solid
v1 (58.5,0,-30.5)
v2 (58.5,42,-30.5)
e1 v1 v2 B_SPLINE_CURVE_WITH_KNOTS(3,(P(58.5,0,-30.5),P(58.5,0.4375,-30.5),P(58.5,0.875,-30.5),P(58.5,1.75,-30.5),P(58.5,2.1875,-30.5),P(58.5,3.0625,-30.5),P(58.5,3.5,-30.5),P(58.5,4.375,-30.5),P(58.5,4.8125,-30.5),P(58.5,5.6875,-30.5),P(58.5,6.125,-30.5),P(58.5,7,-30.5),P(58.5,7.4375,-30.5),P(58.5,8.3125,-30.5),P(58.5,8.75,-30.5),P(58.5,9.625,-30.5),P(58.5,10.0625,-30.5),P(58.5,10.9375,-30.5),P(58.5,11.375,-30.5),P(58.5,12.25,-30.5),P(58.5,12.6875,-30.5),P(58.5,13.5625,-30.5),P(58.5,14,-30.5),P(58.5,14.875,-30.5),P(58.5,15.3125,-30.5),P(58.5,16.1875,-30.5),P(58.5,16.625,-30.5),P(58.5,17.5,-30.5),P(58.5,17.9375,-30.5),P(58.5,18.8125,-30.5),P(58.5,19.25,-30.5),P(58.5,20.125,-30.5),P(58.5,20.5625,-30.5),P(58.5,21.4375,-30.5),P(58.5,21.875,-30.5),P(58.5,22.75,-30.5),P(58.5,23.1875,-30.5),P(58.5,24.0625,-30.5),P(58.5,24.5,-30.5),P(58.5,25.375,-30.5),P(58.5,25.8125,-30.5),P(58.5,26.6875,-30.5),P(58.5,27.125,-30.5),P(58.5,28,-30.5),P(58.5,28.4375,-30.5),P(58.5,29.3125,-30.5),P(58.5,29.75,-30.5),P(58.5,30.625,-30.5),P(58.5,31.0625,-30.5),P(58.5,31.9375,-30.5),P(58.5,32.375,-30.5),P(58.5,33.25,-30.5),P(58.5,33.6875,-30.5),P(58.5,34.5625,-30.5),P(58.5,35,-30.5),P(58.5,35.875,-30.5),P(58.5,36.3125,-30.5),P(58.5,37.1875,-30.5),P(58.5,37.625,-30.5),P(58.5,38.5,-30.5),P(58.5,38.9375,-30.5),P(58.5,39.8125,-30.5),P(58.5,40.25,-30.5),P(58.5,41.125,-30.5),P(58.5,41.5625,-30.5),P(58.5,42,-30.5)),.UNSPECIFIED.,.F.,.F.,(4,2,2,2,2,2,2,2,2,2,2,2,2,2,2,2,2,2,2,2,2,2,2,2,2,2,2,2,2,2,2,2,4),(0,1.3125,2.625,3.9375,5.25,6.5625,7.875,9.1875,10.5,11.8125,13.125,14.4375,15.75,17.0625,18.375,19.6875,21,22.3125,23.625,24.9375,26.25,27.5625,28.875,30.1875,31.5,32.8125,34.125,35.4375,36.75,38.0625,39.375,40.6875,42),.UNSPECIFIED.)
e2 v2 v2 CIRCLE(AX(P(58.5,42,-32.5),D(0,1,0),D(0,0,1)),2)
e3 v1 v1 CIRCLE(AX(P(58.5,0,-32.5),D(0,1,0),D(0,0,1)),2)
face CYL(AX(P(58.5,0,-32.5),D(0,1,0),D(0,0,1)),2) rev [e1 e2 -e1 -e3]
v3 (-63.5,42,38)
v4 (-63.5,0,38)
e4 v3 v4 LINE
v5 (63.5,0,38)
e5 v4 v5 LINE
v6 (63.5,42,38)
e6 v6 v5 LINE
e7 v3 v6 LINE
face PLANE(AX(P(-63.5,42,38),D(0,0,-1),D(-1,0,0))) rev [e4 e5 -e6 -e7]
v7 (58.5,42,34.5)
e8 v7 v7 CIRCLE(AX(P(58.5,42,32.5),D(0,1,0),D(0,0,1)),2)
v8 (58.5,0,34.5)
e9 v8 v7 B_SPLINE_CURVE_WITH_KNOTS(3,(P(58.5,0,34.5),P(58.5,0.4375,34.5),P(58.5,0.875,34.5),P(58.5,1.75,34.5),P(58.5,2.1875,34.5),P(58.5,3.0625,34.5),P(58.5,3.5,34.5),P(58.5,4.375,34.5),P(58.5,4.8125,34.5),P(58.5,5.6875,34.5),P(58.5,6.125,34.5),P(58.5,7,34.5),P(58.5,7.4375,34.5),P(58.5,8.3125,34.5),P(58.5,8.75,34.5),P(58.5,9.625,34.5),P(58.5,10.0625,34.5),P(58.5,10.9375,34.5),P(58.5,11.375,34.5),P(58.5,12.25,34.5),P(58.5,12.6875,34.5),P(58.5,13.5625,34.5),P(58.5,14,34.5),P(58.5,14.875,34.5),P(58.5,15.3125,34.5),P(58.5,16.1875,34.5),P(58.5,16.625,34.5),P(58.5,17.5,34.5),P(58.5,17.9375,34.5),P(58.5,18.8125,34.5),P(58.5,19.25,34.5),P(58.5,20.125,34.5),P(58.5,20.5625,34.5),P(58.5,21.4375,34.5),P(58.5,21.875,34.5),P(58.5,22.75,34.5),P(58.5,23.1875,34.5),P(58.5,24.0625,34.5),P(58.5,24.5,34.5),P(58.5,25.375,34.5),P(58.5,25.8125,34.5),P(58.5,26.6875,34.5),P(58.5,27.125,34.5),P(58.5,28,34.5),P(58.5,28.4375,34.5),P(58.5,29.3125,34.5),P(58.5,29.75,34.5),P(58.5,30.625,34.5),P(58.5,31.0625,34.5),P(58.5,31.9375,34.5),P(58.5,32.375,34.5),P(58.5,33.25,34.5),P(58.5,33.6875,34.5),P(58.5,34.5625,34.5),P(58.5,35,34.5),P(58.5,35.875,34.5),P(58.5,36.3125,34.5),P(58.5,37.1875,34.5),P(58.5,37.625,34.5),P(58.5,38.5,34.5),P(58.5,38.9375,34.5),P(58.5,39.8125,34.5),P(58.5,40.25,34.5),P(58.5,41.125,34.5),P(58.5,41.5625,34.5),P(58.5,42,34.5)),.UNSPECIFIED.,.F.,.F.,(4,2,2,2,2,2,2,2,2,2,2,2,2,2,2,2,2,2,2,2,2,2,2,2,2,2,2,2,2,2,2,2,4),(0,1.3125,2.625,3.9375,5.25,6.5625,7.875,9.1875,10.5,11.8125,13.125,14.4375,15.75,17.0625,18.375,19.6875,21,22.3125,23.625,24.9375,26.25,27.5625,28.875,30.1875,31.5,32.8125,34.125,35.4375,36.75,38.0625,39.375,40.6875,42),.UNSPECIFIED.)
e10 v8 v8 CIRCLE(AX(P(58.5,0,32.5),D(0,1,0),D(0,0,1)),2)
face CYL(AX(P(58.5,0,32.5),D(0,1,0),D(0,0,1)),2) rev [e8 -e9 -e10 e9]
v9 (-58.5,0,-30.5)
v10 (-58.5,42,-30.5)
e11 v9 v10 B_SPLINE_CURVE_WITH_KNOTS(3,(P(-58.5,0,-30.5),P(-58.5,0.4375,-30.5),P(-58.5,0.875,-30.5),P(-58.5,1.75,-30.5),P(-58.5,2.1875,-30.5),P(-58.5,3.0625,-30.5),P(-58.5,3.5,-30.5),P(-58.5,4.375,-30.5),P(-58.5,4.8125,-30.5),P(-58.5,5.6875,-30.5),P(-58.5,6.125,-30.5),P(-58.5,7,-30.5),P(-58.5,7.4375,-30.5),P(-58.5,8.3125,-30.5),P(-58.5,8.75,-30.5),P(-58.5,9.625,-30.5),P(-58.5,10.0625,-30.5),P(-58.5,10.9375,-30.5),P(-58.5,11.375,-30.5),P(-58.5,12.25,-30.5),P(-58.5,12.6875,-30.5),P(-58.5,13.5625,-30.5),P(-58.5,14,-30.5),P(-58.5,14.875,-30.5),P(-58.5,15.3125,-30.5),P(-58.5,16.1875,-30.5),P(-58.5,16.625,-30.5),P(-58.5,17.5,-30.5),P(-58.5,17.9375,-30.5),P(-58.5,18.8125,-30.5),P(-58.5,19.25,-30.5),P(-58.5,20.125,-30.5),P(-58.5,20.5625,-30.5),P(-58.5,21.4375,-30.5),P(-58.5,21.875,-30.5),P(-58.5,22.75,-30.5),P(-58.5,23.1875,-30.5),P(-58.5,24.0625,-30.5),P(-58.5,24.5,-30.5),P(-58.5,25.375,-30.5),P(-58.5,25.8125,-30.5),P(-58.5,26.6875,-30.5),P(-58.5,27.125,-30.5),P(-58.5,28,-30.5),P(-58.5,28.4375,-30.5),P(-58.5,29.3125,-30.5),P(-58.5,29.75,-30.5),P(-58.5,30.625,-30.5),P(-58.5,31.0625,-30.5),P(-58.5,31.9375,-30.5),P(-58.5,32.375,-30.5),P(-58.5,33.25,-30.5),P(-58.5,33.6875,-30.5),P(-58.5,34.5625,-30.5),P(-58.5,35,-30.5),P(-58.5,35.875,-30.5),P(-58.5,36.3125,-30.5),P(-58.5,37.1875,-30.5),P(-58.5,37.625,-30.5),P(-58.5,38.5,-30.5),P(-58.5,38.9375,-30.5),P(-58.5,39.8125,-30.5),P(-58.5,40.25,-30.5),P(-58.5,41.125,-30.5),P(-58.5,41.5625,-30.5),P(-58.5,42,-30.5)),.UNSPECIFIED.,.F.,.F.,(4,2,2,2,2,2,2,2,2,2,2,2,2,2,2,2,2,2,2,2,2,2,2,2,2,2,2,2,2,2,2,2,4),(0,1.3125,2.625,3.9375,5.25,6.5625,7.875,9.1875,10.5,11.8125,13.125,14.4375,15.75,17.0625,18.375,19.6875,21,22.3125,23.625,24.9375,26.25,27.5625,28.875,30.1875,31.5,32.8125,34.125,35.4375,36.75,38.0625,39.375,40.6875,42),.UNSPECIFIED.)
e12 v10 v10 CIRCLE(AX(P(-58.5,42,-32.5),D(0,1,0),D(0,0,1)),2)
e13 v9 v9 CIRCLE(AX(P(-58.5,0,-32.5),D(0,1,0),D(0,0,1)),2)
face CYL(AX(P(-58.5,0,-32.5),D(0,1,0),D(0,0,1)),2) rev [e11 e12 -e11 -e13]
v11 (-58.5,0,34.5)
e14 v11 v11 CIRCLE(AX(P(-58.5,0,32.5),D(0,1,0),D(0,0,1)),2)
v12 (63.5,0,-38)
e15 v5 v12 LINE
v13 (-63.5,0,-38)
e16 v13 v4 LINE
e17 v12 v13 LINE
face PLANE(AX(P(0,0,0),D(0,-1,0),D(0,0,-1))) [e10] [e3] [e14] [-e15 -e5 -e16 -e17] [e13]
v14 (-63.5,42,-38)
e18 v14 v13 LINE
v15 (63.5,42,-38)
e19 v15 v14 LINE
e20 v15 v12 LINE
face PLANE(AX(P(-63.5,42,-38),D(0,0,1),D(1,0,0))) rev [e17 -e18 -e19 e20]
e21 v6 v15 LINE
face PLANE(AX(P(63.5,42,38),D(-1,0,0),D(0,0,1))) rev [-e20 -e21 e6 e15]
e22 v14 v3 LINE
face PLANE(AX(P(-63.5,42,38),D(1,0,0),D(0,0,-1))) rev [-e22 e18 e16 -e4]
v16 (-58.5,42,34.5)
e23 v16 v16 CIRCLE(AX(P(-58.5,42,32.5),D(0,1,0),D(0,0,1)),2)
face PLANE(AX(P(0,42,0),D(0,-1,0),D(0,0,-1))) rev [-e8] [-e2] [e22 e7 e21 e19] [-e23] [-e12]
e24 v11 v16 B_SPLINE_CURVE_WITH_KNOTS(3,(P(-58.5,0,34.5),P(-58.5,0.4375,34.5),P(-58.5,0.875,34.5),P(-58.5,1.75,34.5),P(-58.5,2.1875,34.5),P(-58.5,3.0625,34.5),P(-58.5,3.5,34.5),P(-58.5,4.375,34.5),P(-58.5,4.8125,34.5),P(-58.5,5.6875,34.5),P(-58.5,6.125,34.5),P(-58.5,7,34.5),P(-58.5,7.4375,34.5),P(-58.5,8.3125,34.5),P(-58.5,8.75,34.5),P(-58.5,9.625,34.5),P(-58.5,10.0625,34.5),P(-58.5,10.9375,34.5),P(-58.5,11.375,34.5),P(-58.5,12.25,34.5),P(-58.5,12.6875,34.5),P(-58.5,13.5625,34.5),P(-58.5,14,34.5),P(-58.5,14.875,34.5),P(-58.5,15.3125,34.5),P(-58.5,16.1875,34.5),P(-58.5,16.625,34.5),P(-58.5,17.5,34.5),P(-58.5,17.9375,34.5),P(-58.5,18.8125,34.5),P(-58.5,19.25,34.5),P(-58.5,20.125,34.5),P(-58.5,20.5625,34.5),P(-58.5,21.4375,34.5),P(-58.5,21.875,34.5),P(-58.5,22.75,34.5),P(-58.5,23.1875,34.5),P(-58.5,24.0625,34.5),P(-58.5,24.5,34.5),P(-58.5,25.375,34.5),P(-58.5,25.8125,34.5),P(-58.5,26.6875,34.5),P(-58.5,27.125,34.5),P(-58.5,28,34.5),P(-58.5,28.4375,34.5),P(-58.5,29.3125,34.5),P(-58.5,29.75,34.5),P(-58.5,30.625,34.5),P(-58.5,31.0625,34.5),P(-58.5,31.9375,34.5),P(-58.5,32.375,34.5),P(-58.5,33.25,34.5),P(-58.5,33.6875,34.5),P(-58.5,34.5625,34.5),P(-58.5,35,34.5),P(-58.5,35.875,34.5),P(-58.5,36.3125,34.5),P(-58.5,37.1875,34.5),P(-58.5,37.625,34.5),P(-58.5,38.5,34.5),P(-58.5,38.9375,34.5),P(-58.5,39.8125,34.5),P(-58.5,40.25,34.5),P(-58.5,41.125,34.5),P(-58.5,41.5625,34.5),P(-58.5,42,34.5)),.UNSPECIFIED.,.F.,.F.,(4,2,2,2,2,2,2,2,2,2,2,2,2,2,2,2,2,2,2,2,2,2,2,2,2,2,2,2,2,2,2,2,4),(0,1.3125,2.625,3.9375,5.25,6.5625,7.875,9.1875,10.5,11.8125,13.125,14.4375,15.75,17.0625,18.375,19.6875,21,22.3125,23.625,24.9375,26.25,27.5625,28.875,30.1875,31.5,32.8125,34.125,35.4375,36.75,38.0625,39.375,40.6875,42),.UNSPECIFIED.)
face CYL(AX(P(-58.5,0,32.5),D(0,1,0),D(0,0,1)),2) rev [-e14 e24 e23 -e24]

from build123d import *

# Parameters (mm, degrees)
SKETCH1_W           = 127
SKETCH1_H           = 76
BOSS_EXTRUDE1_DEPTH = 42
SKETCH2_R           = 2
CUT_EXTRUDE1_DEPTH  = 86.089658596


with BuildPart() as part:
    # Sketch1 → Boss-Extrude1 (new body)
    with BuildSketch(Plane(origin=(0, 0, 0), x_dir=(1, 0, 0), z_dir=(0, 1, 0))):
        Rectangle(SKETCH1_W, SKETCH1_H)
    extrude(amount=BOSS_EXTRUDE1_DEPTH)

    # Sketch2 → Cut-Extrude1 (cut, through all)
    with BuildSketch(Plane(origin=(0, 42, 0), x_dir=(1, 0, 0), z_dir=(0, 1, 0))):
        with Locations(Location((-58.5, 32.5, 0), (0, 0, 270))):
            Circle(SKETCH2_R)
        with Locations(Location((58.5, 32.5, 0), (0, 0, 270))):
            Circle(SKETCH2_R)
        with Locations(Location((58.5, -32.5, 0), (0, 0, 270))):
            Circle(SKETCH2_R)
        with Locations(Location((-58.5, -32.5, 0), (0, 0, 270))):
            Circle(SKETCH2_R)
    extrude(amount=-CUT_EXTRUDE1_DEPTH, mode=Mode.SUBTRACT)


solid = part.part
